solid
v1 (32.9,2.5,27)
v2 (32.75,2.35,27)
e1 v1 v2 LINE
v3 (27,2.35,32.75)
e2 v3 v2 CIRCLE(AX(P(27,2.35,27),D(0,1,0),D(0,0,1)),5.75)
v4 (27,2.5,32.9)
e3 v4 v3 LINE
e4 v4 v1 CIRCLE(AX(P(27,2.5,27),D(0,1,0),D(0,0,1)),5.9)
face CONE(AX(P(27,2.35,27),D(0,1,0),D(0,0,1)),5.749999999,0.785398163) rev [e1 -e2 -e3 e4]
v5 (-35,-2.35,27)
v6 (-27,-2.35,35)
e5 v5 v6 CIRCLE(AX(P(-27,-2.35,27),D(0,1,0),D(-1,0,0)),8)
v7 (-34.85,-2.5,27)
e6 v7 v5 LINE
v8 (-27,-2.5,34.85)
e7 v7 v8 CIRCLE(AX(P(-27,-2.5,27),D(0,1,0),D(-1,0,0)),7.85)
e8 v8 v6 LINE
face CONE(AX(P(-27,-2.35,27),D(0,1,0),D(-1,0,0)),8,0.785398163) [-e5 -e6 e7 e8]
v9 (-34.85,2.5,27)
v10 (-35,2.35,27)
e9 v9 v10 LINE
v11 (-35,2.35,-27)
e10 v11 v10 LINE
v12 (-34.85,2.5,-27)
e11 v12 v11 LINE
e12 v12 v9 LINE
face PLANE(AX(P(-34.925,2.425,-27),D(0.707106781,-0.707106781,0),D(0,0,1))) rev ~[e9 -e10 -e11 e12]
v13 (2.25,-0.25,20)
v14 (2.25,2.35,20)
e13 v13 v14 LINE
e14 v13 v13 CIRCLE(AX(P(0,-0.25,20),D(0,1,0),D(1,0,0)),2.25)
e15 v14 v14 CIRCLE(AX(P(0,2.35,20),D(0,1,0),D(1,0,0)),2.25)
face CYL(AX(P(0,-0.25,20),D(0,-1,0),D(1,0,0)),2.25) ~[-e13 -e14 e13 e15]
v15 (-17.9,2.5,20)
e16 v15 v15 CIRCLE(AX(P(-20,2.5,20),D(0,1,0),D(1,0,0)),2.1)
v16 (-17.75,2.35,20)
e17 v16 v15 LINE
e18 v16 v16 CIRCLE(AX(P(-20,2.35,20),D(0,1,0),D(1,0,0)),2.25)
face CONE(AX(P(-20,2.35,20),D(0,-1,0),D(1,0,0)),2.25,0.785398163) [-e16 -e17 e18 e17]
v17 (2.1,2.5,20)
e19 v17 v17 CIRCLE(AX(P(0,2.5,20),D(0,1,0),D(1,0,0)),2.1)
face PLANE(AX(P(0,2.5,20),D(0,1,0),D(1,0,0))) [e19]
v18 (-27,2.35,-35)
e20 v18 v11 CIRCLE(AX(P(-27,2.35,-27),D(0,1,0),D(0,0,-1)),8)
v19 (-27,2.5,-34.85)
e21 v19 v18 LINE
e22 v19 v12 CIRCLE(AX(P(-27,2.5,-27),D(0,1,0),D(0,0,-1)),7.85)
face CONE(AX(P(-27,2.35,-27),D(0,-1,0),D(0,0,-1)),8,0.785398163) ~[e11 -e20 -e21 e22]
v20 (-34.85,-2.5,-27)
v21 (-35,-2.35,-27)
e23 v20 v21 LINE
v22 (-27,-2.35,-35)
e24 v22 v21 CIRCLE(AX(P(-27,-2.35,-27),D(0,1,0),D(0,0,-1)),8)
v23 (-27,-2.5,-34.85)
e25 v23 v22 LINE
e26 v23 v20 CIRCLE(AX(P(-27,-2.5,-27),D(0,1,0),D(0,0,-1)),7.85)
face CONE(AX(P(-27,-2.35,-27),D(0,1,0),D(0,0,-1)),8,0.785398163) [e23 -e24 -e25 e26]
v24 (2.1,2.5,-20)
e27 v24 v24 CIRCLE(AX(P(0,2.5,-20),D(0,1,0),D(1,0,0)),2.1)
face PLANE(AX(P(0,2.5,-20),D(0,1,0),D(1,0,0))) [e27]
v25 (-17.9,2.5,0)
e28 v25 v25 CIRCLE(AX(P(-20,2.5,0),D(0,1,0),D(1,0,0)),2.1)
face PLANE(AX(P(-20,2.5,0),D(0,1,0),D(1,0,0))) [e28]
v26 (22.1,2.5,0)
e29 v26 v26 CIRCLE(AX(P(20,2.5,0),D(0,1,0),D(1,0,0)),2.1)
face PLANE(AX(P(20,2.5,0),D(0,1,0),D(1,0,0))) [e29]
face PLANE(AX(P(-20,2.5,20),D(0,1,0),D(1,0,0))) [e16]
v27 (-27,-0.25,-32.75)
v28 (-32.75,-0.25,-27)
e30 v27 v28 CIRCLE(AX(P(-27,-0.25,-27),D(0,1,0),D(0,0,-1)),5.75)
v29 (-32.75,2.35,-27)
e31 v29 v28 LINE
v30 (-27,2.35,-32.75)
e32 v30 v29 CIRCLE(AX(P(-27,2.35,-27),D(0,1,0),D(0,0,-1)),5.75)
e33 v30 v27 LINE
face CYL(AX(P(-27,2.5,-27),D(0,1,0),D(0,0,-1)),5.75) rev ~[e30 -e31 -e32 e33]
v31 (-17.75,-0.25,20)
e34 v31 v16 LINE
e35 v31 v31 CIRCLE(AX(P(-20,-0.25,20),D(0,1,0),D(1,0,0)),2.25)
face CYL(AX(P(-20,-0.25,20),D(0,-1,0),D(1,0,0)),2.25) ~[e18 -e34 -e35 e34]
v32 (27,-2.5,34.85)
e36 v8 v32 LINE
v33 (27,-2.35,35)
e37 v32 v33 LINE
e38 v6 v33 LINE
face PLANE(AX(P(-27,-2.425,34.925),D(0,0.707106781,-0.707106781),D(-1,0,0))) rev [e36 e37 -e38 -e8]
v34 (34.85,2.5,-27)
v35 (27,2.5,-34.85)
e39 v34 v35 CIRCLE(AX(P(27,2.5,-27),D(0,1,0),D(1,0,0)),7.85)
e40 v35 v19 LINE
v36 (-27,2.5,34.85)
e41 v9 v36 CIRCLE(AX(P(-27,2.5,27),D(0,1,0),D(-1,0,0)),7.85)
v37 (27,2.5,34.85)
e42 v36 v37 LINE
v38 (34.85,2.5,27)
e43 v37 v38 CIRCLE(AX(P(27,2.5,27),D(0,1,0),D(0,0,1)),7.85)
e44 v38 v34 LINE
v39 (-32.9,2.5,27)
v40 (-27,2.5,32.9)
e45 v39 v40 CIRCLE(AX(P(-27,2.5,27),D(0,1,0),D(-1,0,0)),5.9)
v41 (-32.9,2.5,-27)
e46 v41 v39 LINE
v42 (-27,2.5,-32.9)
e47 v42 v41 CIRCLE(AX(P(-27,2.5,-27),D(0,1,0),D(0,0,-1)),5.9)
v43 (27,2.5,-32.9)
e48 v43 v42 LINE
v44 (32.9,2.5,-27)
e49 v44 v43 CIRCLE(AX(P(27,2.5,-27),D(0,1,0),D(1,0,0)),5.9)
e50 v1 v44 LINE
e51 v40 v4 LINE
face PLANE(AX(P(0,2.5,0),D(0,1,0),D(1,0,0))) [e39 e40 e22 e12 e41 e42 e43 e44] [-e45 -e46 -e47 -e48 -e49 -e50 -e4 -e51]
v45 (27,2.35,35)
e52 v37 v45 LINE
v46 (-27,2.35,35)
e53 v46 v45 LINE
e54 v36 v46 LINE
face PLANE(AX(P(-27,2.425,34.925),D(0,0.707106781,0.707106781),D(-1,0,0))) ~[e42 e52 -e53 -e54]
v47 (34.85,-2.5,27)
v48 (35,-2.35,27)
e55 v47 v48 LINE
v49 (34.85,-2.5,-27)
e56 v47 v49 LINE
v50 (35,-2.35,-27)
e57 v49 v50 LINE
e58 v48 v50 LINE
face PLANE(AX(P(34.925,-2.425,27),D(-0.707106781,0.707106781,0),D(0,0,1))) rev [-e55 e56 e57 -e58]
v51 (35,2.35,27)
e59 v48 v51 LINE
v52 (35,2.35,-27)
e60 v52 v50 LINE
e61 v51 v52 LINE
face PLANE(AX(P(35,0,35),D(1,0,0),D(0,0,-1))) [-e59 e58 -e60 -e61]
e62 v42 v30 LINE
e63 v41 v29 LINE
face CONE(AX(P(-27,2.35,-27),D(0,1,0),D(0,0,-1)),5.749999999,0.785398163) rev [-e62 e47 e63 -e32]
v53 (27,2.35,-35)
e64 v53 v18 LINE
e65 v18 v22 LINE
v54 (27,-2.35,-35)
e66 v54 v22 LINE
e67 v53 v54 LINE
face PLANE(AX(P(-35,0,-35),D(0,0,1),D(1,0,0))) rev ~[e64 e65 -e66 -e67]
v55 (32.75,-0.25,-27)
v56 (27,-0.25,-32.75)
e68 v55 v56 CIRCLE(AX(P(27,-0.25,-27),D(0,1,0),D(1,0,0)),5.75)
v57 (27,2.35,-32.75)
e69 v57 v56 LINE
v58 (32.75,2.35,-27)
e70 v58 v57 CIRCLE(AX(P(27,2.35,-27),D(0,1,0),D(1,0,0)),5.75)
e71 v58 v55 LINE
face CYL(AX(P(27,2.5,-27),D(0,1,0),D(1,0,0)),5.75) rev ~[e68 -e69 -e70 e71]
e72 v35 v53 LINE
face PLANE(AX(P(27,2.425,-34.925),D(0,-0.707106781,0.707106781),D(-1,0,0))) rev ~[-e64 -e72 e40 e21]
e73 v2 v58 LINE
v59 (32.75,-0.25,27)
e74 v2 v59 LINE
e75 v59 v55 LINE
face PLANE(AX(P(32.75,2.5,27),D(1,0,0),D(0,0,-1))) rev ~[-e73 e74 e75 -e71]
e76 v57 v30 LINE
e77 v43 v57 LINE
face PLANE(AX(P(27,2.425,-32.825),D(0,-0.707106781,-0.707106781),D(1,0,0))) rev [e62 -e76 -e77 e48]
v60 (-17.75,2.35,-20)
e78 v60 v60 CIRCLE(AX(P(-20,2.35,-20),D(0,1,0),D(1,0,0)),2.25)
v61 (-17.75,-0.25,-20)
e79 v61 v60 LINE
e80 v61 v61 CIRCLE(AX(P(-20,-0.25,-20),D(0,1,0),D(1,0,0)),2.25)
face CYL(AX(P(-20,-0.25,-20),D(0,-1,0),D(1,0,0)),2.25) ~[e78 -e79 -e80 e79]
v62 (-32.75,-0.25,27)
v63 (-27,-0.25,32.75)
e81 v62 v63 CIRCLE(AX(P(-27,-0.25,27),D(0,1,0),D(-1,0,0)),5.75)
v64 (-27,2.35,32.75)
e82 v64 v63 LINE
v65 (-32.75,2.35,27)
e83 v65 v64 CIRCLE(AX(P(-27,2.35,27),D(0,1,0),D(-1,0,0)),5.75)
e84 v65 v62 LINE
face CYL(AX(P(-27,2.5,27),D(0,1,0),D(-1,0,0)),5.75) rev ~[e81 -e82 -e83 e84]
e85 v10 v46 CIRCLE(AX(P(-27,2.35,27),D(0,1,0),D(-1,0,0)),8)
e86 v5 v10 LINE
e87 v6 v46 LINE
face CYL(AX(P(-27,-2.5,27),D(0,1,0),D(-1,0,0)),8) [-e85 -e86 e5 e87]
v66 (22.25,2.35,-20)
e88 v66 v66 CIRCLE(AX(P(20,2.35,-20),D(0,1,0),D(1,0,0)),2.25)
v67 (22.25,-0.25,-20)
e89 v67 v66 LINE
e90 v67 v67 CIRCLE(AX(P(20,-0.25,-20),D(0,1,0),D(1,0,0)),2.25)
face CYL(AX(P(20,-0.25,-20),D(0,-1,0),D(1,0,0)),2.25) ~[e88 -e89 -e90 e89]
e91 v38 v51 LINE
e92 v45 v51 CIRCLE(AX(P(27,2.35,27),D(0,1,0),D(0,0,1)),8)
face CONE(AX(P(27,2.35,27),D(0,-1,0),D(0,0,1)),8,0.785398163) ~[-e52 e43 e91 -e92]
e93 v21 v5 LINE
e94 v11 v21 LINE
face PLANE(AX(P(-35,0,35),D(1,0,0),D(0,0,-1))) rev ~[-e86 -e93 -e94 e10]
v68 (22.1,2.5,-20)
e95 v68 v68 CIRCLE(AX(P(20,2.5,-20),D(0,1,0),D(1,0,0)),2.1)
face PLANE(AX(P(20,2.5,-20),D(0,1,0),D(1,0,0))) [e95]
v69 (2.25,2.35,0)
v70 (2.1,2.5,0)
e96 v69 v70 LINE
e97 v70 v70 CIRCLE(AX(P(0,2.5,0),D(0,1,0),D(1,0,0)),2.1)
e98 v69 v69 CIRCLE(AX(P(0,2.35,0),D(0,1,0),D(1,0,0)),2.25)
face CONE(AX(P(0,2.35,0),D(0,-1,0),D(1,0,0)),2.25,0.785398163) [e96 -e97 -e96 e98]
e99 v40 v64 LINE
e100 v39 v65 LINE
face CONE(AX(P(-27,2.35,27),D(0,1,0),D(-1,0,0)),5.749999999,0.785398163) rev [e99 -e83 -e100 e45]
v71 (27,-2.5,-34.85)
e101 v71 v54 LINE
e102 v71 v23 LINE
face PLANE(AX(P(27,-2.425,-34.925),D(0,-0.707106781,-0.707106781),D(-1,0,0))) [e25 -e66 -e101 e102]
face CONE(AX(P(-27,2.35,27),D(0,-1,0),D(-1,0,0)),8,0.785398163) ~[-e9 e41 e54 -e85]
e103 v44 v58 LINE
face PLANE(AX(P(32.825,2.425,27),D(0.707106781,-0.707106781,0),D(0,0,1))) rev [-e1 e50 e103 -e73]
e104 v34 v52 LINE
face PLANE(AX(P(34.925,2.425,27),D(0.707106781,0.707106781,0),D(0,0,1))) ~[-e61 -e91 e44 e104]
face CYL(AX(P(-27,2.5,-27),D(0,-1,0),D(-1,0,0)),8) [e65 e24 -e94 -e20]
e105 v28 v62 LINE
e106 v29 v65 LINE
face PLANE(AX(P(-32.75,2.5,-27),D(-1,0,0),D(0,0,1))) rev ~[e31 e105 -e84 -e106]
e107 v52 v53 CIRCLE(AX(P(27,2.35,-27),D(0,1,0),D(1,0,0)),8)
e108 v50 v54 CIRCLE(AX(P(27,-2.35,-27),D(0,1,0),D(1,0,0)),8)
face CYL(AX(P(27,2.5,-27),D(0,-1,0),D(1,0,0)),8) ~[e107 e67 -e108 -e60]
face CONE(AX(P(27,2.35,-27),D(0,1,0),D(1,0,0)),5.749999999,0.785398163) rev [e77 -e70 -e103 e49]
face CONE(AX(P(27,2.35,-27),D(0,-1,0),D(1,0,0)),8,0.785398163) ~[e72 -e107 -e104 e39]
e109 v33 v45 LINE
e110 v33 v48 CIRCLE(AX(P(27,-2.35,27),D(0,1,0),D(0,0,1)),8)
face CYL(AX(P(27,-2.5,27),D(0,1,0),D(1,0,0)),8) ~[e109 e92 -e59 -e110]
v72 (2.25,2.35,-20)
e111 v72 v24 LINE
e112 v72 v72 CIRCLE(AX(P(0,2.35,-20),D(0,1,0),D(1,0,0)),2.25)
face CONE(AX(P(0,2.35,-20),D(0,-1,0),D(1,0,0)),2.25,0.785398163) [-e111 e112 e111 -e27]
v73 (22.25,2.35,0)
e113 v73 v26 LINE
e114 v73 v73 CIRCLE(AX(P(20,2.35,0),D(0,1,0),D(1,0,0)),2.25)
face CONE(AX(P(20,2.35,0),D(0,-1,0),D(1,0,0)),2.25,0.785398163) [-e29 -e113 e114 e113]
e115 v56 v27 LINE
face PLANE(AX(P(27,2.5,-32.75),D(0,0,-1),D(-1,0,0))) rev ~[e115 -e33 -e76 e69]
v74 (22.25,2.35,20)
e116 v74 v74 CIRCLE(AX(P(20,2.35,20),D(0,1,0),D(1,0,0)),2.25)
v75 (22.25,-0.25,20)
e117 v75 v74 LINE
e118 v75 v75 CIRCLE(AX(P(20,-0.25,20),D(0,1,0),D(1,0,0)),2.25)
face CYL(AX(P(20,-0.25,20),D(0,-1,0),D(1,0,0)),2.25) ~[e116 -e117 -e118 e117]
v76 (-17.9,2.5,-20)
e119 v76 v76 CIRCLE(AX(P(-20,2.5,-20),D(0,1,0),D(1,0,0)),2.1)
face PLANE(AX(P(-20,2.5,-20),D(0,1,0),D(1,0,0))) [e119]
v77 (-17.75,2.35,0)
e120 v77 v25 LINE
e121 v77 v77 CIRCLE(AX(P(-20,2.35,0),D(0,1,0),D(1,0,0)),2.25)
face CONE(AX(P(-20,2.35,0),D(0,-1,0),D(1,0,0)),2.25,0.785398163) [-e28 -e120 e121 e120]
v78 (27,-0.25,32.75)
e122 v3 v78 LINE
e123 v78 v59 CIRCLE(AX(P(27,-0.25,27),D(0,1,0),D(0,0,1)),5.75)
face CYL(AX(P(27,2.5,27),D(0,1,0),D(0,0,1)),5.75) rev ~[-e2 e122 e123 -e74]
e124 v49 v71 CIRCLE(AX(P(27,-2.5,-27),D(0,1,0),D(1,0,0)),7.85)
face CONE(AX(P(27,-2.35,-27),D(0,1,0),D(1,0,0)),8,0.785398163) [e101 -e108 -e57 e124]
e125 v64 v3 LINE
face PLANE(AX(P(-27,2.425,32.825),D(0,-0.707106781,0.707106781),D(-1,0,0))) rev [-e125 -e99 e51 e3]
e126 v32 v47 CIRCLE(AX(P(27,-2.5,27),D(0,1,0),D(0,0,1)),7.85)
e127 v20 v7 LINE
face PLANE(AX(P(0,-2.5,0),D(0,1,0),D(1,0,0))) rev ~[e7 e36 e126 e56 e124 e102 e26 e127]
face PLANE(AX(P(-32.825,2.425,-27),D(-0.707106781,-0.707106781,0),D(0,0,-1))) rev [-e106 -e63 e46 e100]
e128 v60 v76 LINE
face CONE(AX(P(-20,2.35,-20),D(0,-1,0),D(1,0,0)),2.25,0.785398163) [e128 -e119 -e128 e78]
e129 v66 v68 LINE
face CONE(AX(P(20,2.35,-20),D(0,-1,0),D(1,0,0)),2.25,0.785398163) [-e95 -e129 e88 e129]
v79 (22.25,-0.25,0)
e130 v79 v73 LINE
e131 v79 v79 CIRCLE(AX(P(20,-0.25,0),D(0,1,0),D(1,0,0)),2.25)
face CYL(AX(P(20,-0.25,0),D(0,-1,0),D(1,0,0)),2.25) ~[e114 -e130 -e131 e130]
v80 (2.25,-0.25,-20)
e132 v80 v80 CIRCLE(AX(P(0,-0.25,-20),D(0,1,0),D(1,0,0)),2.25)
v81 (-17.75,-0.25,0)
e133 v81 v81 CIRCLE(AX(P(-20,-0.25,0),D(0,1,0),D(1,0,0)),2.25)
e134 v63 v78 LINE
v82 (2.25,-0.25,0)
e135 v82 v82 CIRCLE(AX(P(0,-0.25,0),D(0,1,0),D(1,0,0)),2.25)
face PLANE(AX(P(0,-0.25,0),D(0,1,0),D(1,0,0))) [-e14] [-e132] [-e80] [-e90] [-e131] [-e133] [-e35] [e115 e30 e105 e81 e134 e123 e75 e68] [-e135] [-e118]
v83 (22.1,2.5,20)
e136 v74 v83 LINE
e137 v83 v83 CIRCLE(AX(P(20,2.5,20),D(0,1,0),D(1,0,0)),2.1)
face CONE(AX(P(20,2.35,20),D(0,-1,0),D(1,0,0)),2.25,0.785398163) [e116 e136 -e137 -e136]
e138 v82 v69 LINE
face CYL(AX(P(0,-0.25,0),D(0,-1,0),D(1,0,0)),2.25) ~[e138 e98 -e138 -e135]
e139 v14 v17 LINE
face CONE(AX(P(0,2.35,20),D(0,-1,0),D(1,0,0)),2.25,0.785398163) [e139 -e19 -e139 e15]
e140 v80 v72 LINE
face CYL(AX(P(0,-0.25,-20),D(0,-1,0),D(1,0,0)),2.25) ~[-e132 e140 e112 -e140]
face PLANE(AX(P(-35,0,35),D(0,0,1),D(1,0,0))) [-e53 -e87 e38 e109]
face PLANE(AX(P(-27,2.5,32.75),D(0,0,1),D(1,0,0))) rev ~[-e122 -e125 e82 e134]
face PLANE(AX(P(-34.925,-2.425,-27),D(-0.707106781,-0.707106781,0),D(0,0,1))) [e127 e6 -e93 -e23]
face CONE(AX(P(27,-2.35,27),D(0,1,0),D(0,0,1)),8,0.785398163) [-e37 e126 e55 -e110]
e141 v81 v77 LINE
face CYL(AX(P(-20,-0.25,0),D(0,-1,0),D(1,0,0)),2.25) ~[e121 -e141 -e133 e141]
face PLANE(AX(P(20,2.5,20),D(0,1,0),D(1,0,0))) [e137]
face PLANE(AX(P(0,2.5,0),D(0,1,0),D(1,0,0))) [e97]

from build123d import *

# Parameters (mm, degrees)
SKETCH1_W           = 70
SKETCH1_H           = 70
BOSS_EXTRUDE1_DEPTH = 2.5
FILLET1_R           = 8
CUT_EXTRUDE1_DEPTH  = 2.75
SKETCH3_R           = 2.25
BOSS_EXTRUDE2_DEPTH = 2.75
CHAMFER1_SIZE       = 0.15


with BuildPart() as part:
    # Sketch1 → Boss-Extrude1 (new body, symmetric)
    with BuildSketch(Plane(origin=(0, 0, 0), x_dir=(1, 0, 0), z_dir=(0, 1, 0))):
        Rectangle(SKETCH1_W, SKETCH1_H)
    extrude(amount=BOSS_EXTRUDE1_DEPTH, both=True)

    # Fillet1
    fillet1_edges = [part.edges().sort_by_distance(p)[0] for p in [
        (35, 0, 35),
        (-35, 0, 35),
        (-35, 0, -35),
        (35, 0, -35),
    ]]
    fillet(fillet1_edges, radius=FILLET1_R)

    # Sketch2 → Cut-Extrude1 (cut)
    with BuildSketch(Plane(origin=(0, 2.5, 0), x_dir=(1, 0, 0), z_dir=(0, 1, 0))):
        with BuildLine():
            Line((32.75, -27), (32.75, 27))
            ThreePointArc((32.75, 27), (31.065863992, 31.065863992), (27, 32.75))
            Line((27, 32.75), (-27, 32.75))
            ThreePointArc((-27, 32.75), (-31.065863992, 31.065863992), (-32.75, 27))
            Line((-32.75, 27), (-32.75, -27))
            ThreePointArc((-32.75, -27), (-31.065863992, -31.065863992), (-27, -32.75))
            Line((-27, -32.75), (27, -32.75))
            ThreePointArc((27, -32.75), (31.065863992, -31.065863992), (32.75, -27))
        make_face()
    extrude(amount=-CUT_EXTRUDE1_DEPTH, mode=Mode.SUBTRACT)

    # Sketch3 → Boss-Extrude2 (add)
    with BuildSketch(Plane(origin=(0, -0.25, 0), x_dir=(1, 0, 0), z_dir=(0, 1, 0))):
        with Locations((-20, 20)):
            Circle(SKETCH3_R)
        with Locations((0, 20)):
            Circle(SKETCH3_R)
        with Locations((20, 20)):
            Circle(SKETCH3_R)
        Circle(SKETCH3_R)
        with Locations((20, 0)):
            Circle(SKETCH3_R)
        with Locations((0, -20)):
            Circle(SKETCH3_R)
        with Locations((20, -20)):
            Circle(SKETCH3_R)
        with Locations((-20, 0)):
            Circle(SKETCH3_R)
        with Locations((-20, -20)):
            Circle(SKETCH3_R)
    extrude(amount=BOSS_EXTRUDE2_DEPTH)

    # Chamfer1
    chamfer1_edges = [part.edges().sort_by_distance(p)[0] for p in [
        (35, 2.5, 0),
        (35, -2.5, 0),
        (0, 2.5, -35),
        (-35, 2.5, 0),
        (0, 2.5, 35),
        (-32.656854249, 2.5, 32.656854249),
        (-32.656854249, 2.5, -32.656854249),
        (32.656854249, 2.5, 32.656854249),
        (32.656854249, 2.5, -32.656854249),
        (0, -2.5, -35),
        (0, -2.5, 35),
        (-35, -2.5, 0),
        (-32.656854249, -2.5, 32.656854249),
        (-32.656854249, -2.5, -32.656854249),
        (32.656854249, -2.5, 32.656854249),
        (32.656854249, -2.5, -32.656854249),
        (31.065863992, 2.5, -31.065863992),
        (0, 2.5, -32.75),
        (-31.065863992, 2.5, -31.065863992),
        (-32.75, 2.5, 0),
        (-31.065863992, 2.5, 31.065863992),
        (0, 2.5, 32.75),
        (31.065863992, 2.5, 31.065863992),
        (32.75, 2.5, 0),
        (-22.25, 2.5, -20),
        (-2.25, 2.5, -20),
        (17.75, 2.5, -20),
        (-2.25, 2.5, 0),
        (17.75, 2.5, 0),
        (-2.25, 2.5, 20),
        (17.75, 2.5, 20),
        (-22.25, 2.5, 0),
        (-22.25, 2.5, 20),
    ]]
    chamfer(chamfer1_edges, length=CHAMFER1_SIZE)


solid = part.part
